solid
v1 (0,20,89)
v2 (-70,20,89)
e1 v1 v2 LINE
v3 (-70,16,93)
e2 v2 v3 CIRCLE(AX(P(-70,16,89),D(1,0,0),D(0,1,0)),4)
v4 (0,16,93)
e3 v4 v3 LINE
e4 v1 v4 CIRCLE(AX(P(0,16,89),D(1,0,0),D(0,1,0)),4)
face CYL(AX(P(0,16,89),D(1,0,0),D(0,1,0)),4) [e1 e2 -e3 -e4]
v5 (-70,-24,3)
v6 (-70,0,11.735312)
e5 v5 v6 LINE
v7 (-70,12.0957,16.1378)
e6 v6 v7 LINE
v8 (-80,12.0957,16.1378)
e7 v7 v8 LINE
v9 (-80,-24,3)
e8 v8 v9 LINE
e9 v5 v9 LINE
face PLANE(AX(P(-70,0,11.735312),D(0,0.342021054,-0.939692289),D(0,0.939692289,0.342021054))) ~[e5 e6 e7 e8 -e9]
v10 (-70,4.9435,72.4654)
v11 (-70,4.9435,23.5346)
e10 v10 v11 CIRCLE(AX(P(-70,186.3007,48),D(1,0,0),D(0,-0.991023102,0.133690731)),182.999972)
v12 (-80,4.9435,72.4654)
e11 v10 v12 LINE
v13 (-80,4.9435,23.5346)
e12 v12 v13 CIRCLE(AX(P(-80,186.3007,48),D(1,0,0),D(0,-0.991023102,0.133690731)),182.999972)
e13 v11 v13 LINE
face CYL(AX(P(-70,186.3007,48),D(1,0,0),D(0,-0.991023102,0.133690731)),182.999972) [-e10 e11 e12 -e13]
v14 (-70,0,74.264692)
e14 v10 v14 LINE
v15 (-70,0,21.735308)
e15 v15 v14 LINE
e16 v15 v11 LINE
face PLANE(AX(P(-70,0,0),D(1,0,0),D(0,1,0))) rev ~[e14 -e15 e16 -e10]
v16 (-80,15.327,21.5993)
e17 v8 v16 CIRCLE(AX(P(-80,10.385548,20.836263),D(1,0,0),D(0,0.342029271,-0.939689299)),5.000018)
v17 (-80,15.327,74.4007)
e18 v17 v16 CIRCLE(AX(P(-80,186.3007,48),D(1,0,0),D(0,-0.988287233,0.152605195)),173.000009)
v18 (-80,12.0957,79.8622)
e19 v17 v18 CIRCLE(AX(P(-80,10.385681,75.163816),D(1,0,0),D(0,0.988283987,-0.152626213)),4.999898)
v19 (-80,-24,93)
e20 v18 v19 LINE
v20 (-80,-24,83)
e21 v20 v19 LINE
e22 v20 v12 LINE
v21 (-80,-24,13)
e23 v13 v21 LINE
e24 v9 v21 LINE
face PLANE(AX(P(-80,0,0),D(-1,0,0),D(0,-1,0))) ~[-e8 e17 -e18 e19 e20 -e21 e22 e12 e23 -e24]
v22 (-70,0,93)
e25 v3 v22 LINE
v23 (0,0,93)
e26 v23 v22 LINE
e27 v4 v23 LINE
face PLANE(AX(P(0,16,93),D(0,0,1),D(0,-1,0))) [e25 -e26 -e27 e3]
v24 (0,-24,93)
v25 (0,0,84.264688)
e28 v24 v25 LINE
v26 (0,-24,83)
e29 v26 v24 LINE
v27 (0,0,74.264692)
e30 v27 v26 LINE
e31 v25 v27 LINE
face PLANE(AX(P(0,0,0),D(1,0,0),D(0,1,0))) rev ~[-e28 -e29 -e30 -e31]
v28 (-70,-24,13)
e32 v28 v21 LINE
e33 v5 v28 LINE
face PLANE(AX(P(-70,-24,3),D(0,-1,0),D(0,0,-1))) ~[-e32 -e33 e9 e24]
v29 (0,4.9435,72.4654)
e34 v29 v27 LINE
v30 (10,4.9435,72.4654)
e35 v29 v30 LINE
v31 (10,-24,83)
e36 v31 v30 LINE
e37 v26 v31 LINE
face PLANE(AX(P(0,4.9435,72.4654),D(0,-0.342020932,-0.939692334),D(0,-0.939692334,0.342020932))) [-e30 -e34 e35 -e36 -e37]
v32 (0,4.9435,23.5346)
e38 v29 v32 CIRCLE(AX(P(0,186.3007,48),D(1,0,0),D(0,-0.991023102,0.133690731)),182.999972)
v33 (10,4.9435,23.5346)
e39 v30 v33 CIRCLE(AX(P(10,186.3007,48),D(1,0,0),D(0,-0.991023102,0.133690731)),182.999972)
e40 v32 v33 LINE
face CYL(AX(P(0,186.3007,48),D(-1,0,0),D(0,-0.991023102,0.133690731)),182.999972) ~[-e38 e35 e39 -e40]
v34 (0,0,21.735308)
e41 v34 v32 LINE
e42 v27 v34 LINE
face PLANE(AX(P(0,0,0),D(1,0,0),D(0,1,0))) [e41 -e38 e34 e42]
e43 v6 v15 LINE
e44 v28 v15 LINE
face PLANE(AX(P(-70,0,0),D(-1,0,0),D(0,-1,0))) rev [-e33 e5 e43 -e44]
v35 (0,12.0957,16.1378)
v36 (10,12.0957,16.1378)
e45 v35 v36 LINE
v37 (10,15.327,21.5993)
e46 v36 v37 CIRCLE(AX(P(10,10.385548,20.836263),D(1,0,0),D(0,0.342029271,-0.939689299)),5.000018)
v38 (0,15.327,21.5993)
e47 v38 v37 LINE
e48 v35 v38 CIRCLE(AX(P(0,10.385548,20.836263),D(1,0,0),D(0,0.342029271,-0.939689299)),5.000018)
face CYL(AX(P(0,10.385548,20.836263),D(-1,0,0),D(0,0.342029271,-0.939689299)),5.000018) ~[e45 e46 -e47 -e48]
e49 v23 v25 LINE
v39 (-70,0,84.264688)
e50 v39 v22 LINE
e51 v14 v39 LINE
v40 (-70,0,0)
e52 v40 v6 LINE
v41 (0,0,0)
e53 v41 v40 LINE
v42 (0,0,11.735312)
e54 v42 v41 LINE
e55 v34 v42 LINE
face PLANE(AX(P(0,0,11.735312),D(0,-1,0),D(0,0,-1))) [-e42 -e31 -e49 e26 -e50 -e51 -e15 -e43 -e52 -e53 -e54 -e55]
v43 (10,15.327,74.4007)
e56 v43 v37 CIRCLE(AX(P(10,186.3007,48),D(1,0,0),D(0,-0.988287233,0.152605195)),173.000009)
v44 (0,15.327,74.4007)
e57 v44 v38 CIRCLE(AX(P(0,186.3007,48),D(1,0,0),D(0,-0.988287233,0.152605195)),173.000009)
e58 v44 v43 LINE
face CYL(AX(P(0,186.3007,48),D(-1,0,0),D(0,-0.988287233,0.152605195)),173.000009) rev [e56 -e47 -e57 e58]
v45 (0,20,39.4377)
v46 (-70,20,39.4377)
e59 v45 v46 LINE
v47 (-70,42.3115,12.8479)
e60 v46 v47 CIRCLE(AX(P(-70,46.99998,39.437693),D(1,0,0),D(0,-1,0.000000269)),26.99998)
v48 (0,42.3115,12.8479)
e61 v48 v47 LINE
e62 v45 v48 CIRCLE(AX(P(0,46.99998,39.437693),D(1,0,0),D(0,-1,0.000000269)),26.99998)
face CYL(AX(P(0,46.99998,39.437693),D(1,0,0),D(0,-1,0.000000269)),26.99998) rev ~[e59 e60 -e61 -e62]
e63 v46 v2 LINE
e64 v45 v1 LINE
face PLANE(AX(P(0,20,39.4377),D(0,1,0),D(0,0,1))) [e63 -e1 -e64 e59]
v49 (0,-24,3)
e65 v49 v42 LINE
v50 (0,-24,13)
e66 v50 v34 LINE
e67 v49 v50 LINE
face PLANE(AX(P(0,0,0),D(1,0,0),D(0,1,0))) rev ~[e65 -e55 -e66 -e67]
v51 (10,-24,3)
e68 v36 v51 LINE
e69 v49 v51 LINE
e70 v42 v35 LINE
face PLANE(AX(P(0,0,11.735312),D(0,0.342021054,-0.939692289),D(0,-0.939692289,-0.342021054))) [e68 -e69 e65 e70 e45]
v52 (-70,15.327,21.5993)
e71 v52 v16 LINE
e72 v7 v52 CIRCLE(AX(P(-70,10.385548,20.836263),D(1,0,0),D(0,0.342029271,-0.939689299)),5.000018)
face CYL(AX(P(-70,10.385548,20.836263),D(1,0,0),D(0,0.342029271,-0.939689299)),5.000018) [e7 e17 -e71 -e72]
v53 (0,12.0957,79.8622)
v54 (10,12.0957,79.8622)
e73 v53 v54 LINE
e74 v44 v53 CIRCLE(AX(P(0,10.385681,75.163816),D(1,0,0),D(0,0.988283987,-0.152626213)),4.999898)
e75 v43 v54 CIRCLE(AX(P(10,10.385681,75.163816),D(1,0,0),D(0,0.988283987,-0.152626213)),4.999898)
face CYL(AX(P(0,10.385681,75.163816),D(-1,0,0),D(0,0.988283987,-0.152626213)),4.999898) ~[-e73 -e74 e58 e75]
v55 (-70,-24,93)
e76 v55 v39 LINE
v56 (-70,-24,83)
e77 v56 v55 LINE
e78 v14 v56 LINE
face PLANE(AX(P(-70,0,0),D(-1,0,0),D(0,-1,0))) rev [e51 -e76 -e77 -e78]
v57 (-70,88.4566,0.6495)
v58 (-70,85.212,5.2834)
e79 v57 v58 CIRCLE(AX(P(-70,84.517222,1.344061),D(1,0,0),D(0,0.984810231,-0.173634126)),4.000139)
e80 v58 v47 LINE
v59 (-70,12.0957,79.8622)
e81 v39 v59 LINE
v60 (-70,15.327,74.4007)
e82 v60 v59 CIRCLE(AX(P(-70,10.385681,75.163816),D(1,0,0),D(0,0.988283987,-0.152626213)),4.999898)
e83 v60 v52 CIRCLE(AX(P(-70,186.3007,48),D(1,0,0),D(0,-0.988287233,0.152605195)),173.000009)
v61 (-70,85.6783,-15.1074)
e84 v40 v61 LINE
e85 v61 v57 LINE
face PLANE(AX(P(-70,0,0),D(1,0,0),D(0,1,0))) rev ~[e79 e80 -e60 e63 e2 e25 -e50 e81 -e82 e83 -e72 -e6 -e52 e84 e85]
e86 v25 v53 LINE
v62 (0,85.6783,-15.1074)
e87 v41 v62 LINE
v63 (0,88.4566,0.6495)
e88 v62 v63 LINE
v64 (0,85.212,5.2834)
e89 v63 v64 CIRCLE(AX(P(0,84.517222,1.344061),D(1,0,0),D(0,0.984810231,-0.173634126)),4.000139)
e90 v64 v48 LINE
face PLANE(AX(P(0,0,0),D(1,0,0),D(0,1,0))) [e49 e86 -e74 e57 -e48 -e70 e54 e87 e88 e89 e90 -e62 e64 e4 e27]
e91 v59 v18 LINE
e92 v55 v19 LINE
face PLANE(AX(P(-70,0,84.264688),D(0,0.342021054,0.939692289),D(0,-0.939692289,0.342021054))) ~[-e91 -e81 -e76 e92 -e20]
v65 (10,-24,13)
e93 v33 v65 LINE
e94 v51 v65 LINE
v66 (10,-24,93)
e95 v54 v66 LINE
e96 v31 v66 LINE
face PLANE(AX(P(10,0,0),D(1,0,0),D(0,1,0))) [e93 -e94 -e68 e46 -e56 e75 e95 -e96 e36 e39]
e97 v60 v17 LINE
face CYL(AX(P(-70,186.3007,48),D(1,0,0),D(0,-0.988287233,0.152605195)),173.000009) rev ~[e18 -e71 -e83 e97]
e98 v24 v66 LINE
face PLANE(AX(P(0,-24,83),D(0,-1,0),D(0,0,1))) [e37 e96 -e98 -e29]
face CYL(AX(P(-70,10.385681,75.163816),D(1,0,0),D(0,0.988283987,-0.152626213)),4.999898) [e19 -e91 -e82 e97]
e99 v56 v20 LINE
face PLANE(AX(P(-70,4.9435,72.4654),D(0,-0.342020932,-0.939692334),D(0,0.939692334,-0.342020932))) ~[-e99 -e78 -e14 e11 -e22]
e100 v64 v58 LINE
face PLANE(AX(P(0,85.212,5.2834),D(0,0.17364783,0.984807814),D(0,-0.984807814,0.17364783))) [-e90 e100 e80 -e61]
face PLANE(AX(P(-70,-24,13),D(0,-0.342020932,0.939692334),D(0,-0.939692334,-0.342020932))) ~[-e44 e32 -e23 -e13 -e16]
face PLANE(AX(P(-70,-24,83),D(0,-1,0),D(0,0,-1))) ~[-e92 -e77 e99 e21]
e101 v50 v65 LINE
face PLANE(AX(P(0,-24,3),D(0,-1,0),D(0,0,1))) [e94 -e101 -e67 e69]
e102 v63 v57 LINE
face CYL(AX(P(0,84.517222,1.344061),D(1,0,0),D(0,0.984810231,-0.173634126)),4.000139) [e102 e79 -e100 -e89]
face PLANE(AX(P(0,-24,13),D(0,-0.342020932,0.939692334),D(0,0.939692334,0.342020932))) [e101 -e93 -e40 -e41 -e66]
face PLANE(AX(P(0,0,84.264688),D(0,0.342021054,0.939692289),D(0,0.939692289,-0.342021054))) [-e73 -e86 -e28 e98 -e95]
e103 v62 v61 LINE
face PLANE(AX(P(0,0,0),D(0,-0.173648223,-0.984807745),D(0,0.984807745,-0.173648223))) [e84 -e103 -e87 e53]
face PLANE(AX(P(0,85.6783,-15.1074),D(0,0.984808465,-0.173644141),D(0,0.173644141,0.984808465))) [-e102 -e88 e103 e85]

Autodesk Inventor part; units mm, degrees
ref_plane "YZ Plane" through (0, 0, 0) normal (1, 0, 0) x (0, 1, 0)
ref_plane "XZ Plane" through (0, 0, 0) normal (0, 1, 0) x (-1, 0, 0)
sketch "Boceto1" plane through (0, 0, 0) normal (1, 0, 0) x (0, 1, 0)
  line L0 (85.212, 5.2834) -> (42.3115, 12.8479)
  arc A0 (20, 39.4377) -> (42.3115, 12.8479) centre (47, 39.4377) ccw
  line L1 (20, 39.4377) -> (20, 89)
  line L2 (16, 93) -> (0, 93)
  line L3 (0, 93) -> (0, 0)
  line L4 (0, 0) -> (85.6783, -15.1074)
  line L5 (85.6783, -15.1074) -> (88.4566, 0.6495)
  arc A1 (88.4566, 0.6495) -> (85.212, 5.2834) centre (84.5174, 1.3441) ccw
  arc A2 (20, 89) -> (16, 93) centre (16, 89) ccw
  line L6 (-24, 93) -> (12.0957, 79.8622)
  line L7 (12.0957, 16.1378) -> (-24, 3)
  line L8 (-24, 3) -> (-24, 13)
  line L9 (-24, 13) -> (4.9435, 23.5346)
  line L10 (4.9435, 72.4654) -> (-24, 83)
  line L11 (-24, 83) -> (-24, 93)
  arc A3 (15.327, 74.4007) -> (15.327, 21.5993) centre (186.3007, 48) ccw
  arc A4 (4.9435, 72.4654) -> (4.9435, 23.5346) centre (186.3007, 48) ccw
  arc A5 (15.327, 74.4007) -> (12.0957, 79.8622) centre (10.3856, 75.1638) ccw
  arc A6 (12.0957, 16.1378) -> (15.327, 21.5993) centre (10.3856, 20.8362) ccw
  point P0 (20, 93)
  point P1 (89.1512, 4.5888)
  point P2 (16, 78.4412)
  point P3 (16, 17.5588)
  dimension "d0" = 87
  dimension "d1" = 20
  dimension "d2" = 20
  dimension "d3" = 27
  dimension "d4" = 100
  dimension "d5" = 93
  dimension "d6" = 4
  dimension "d7" = 24
  dimension "d8" = 16
  dimension "d9" = 110
  dimension "d10" = 90
  dimension "d11" = 70
  dimension "d12" = 10
  dimension "d13" = 10
  dimension "d14" = 3
  dimension "d17" = 110
  dimension "d23" = 173
  dimension "d24" = 10
  dimension "d25" = 183
  dimension "d26" = 5
extrude "Extrusión1" add sketch "Boceto1" against normal blind 70 contours A1 L5 L4 L3 L7 A6 A3 A5 L6 L2 A2 L1 A0 L0 | L3 L9 A4 L10 L6 A5 A3 A6 L7 | L3 L10 A4 L9
extrude "Extrusión2" add sketch "Boceto1" along normal blind 10 contours L7 L8 L9 L3 | L3 L9 A4 L10 L6 A5 A3 A6 L7 | L3 L10 L11 L6
ref_plane "Plano de trabajo1" through (-35, 0, 0) normal (1, 0, 0) x (0, 0, -1)
mirror "Simetría1" about plane through (-35, 0, 0) normal (1, 0, 0) of "Extrusión2"
properties part number "Pieza de practica 14"
